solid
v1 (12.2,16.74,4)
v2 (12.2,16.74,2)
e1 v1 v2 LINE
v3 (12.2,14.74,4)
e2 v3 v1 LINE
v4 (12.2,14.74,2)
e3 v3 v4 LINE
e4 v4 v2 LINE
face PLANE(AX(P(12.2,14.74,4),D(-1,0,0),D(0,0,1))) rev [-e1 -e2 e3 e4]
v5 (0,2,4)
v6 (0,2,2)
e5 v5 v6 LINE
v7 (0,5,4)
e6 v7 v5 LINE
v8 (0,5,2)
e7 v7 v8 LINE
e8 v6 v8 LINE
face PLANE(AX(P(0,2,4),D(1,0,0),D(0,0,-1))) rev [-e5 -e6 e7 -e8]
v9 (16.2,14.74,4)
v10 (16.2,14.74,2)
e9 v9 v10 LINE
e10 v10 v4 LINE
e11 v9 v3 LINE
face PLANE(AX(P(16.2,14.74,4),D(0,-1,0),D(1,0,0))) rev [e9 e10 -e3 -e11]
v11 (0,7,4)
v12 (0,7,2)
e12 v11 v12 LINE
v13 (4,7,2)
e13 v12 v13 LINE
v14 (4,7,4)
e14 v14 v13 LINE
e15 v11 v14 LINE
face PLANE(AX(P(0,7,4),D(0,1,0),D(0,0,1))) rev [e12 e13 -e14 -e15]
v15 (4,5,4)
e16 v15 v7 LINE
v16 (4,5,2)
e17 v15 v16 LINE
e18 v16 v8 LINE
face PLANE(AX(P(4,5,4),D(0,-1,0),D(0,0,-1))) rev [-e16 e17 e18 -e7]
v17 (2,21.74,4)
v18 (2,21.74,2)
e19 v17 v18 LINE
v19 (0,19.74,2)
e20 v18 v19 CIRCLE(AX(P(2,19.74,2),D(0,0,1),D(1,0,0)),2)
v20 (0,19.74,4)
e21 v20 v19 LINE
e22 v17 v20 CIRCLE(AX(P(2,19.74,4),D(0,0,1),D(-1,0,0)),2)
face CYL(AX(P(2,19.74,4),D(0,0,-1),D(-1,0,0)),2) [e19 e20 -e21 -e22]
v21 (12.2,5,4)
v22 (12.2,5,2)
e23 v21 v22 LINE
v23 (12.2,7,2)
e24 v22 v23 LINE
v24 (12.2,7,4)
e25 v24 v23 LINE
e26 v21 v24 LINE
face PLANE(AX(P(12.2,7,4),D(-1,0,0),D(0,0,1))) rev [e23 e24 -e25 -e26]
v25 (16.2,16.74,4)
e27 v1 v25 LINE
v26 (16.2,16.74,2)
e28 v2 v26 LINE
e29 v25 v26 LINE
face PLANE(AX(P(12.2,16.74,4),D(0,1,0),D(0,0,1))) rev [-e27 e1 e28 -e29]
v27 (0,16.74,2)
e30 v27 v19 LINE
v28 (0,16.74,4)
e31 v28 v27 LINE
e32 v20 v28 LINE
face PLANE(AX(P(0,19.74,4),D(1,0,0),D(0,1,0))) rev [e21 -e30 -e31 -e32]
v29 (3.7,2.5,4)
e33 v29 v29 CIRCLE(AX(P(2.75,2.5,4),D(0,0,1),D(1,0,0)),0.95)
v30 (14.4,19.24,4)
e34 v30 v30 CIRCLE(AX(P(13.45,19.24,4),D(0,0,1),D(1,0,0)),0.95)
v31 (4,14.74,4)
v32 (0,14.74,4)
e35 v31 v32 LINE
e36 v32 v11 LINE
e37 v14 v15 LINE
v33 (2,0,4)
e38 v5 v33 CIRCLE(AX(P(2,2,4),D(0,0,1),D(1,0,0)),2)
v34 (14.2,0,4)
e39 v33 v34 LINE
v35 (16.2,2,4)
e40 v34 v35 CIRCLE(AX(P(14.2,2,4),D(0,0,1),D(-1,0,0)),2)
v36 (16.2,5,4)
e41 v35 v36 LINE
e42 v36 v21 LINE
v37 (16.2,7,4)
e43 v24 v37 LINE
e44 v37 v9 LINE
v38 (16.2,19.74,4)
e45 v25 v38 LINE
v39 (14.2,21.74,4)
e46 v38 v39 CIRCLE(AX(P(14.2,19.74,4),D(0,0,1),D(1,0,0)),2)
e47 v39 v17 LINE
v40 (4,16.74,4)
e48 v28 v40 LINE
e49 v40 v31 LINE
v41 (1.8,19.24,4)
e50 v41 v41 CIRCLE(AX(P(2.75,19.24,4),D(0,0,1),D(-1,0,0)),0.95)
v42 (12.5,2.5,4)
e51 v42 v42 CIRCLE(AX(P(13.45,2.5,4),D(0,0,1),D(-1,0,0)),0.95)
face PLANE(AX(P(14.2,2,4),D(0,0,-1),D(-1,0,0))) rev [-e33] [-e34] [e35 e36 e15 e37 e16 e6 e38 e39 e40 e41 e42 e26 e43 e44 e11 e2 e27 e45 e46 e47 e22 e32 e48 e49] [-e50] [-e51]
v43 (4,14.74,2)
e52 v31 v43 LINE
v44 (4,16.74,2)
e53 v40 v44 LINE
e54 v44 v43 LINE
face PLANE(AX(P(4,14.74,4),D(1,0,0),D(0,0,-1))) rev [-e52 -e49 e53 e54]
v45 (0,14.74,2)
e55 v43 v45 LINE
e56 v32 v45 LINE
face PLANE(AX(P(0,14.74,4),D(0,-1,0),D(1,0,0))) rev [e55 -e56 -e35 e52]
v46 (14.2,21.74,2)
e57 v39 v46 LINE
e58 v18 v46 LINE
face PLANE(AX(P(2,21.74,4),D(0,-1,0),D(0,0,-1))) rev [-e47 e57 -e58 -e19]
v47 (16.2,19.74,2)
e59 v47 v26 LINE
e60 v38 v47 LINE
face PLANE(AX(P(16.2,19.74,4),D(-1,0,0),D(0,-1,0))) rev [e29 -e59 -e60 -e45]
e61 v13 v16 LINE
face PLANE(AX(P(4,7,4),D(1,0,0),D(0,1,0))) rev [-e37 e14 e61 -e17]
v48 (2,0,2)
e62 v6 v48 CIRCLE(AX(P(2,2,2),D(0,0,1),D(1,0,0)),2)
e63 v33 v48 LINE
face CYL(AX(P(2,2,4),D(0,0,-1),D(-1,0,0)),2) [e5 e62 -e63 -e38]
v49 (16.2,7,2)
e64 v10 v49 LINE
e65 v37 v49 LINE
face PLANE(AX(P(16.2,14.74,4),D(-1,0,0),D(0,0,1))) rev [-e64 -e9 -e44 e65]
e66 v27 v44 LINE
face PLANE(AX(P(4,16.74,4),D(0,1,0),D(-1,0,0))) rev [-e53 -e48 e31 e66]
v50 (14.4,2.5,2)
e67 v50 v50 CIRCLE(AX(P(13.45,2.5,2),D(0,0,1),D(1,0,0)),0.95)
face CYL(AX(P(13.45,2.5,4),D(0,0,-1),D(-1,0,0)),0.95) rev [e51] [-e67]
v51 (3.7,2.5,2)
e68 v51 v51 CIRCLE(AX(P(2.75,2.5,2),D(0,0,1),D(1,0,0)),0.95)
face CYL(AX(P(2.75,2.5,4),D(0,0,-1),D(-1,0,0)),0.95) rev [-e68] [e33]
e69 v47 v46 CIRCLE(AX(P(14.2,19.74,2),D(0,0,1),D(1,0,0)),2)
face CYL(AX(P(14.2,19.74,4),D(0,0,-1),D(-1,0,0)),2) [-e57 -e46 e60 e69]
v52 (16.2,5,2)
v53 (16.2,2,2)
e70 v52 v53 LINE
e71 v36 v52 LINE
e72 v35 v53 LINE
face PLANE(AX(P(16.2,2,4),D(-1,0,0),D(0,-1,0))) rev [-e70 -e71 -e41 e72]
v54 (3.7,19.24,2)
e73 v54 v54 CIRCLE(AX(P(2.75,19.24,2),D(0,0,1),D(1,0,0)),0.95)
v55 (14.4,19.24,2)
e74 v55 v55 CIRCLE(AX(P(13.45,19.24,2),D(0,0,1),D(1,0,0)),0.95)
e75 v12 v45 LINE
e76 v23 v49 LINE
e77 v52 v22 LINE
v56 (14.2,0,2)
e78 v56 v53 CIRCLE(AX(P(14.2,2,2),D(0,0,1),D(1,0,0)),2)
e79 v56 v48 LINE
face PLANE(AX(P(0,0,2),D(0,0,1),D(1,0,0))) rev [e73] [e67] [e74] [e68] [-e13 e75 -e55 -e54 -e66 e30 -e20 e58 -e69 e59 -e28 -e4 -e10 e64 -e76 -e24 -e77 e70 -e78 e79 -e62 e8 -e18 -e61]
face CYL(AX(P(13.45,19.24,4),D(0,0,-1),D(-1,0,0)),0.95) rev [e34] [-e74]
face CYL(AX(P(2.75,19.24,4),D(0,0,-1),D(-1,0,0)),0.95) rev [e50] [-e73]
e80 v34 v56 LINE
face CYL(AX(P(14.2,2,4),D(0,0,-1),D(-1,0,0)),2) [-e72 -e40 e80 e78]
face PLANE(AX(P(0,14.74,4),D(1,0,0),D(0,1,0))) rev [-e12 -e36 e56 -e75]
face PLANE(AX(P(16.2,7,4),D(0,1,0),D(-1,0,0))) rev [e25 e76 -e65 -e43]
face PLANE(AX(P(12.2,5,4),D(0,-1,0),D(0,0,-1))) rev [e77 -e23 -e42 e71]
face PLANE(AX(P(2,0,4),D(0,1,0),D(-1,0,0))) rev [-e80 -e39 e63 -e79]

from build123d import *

# Parameters (mm, degrees)
SKETCH1_R           = 0.95
BOSS_EXTRUDE1_DEPTH = 4
SKETCH2_W           = 16.2
SKETCH2_H           = 21.74
CUT_EXTRUDE1_DEPTH  = 2


with BuildPart() as part:
    # Sketch1 → Boss-Extrude1 (new body)
    with BuildSketch(Plane.XY):
        with BuildLine():
            Line((0, 14.74), (0, 7))
            Line((0, 7), (4, 7))
            Line((4, 7), (4, 5))
            Line((4, 5), (0, 5))
            Line((0, 5), (0, 2))
            ThreePointArc((0, 2), (0.585786438, 0.585786438), (2, 0))
            Line((2, 0), (14.2, 0))
            ThreePointArc((14.2, 0), (15.614213562, 0.585786438), (16.2, 2))
            Line((16.2, 2), (16.2, 5))
            Line((16.2, 5), (12.2, 5))
            Line((12.2, 5), (12.2, 7))
            Line((12.2, 7), (16.2, 7))
            Line((16.2, 7), (16.2, 14.74))
            Line((16.2, 14.74), (12.2, 14.74))
            Line((12.2, 14.74), (12.2, 16.74))
            Line((12.2, 16.74), (16.2, 16.74))
            Line((16.2, 16.74), (16.2, 19.74))
            ThreePointArc((16.2, 19.74), (15.614213562, 21.154213562), (14.2, 21.74))
            Line((14.2, 21.74), (2, 21.74))
            ThreePointArc((2, 21.74), (0.585786438, 21.154213562), (0, 19.74))
            Line((0, 19.74), (0, 16.74))
            Line((0, 16.74), (4, 16.74))
            Line((4, 16.74), (4, 14.74))
            Line((4, 14.74), (0, 14.74))
        make_face()
        with Locations((13.45, 2.5)):
            Circle(SKETCH1_R, mode=Mode.SUBTRACT)
        with Locations((2.75, 19.24)):
            Circle(SKETCH1_R, mode=Mode.SUBTRACT)
        with Locations((2.75, 2.5)):
            Circle(SKETCH1_R, mode=Mode.SUBTRACT)
        with Locations((13.45, 19.24)):
            Circle(SKETCH1_R, mode=Mode.SUBTRACT)
    extrude(amount=BOSS_EXTRUDE1_DEPTH)

    # Sketch2 → Cut-Extrude1 (cut)
    with BuildSketch(Plane(origin=(0, 0, 0), x_dir=(-1, 0, 0), z_dir=(0, 0, -1))):
        with Locations((-8.1, 10.87)):
            Rectangle(SKETCH2_W, SKETCH2_H)
    extrude(amount=-CUT_EXTRUDE1_DEPTH, mode=Mode.SUBTRACT)


solid = part.part
